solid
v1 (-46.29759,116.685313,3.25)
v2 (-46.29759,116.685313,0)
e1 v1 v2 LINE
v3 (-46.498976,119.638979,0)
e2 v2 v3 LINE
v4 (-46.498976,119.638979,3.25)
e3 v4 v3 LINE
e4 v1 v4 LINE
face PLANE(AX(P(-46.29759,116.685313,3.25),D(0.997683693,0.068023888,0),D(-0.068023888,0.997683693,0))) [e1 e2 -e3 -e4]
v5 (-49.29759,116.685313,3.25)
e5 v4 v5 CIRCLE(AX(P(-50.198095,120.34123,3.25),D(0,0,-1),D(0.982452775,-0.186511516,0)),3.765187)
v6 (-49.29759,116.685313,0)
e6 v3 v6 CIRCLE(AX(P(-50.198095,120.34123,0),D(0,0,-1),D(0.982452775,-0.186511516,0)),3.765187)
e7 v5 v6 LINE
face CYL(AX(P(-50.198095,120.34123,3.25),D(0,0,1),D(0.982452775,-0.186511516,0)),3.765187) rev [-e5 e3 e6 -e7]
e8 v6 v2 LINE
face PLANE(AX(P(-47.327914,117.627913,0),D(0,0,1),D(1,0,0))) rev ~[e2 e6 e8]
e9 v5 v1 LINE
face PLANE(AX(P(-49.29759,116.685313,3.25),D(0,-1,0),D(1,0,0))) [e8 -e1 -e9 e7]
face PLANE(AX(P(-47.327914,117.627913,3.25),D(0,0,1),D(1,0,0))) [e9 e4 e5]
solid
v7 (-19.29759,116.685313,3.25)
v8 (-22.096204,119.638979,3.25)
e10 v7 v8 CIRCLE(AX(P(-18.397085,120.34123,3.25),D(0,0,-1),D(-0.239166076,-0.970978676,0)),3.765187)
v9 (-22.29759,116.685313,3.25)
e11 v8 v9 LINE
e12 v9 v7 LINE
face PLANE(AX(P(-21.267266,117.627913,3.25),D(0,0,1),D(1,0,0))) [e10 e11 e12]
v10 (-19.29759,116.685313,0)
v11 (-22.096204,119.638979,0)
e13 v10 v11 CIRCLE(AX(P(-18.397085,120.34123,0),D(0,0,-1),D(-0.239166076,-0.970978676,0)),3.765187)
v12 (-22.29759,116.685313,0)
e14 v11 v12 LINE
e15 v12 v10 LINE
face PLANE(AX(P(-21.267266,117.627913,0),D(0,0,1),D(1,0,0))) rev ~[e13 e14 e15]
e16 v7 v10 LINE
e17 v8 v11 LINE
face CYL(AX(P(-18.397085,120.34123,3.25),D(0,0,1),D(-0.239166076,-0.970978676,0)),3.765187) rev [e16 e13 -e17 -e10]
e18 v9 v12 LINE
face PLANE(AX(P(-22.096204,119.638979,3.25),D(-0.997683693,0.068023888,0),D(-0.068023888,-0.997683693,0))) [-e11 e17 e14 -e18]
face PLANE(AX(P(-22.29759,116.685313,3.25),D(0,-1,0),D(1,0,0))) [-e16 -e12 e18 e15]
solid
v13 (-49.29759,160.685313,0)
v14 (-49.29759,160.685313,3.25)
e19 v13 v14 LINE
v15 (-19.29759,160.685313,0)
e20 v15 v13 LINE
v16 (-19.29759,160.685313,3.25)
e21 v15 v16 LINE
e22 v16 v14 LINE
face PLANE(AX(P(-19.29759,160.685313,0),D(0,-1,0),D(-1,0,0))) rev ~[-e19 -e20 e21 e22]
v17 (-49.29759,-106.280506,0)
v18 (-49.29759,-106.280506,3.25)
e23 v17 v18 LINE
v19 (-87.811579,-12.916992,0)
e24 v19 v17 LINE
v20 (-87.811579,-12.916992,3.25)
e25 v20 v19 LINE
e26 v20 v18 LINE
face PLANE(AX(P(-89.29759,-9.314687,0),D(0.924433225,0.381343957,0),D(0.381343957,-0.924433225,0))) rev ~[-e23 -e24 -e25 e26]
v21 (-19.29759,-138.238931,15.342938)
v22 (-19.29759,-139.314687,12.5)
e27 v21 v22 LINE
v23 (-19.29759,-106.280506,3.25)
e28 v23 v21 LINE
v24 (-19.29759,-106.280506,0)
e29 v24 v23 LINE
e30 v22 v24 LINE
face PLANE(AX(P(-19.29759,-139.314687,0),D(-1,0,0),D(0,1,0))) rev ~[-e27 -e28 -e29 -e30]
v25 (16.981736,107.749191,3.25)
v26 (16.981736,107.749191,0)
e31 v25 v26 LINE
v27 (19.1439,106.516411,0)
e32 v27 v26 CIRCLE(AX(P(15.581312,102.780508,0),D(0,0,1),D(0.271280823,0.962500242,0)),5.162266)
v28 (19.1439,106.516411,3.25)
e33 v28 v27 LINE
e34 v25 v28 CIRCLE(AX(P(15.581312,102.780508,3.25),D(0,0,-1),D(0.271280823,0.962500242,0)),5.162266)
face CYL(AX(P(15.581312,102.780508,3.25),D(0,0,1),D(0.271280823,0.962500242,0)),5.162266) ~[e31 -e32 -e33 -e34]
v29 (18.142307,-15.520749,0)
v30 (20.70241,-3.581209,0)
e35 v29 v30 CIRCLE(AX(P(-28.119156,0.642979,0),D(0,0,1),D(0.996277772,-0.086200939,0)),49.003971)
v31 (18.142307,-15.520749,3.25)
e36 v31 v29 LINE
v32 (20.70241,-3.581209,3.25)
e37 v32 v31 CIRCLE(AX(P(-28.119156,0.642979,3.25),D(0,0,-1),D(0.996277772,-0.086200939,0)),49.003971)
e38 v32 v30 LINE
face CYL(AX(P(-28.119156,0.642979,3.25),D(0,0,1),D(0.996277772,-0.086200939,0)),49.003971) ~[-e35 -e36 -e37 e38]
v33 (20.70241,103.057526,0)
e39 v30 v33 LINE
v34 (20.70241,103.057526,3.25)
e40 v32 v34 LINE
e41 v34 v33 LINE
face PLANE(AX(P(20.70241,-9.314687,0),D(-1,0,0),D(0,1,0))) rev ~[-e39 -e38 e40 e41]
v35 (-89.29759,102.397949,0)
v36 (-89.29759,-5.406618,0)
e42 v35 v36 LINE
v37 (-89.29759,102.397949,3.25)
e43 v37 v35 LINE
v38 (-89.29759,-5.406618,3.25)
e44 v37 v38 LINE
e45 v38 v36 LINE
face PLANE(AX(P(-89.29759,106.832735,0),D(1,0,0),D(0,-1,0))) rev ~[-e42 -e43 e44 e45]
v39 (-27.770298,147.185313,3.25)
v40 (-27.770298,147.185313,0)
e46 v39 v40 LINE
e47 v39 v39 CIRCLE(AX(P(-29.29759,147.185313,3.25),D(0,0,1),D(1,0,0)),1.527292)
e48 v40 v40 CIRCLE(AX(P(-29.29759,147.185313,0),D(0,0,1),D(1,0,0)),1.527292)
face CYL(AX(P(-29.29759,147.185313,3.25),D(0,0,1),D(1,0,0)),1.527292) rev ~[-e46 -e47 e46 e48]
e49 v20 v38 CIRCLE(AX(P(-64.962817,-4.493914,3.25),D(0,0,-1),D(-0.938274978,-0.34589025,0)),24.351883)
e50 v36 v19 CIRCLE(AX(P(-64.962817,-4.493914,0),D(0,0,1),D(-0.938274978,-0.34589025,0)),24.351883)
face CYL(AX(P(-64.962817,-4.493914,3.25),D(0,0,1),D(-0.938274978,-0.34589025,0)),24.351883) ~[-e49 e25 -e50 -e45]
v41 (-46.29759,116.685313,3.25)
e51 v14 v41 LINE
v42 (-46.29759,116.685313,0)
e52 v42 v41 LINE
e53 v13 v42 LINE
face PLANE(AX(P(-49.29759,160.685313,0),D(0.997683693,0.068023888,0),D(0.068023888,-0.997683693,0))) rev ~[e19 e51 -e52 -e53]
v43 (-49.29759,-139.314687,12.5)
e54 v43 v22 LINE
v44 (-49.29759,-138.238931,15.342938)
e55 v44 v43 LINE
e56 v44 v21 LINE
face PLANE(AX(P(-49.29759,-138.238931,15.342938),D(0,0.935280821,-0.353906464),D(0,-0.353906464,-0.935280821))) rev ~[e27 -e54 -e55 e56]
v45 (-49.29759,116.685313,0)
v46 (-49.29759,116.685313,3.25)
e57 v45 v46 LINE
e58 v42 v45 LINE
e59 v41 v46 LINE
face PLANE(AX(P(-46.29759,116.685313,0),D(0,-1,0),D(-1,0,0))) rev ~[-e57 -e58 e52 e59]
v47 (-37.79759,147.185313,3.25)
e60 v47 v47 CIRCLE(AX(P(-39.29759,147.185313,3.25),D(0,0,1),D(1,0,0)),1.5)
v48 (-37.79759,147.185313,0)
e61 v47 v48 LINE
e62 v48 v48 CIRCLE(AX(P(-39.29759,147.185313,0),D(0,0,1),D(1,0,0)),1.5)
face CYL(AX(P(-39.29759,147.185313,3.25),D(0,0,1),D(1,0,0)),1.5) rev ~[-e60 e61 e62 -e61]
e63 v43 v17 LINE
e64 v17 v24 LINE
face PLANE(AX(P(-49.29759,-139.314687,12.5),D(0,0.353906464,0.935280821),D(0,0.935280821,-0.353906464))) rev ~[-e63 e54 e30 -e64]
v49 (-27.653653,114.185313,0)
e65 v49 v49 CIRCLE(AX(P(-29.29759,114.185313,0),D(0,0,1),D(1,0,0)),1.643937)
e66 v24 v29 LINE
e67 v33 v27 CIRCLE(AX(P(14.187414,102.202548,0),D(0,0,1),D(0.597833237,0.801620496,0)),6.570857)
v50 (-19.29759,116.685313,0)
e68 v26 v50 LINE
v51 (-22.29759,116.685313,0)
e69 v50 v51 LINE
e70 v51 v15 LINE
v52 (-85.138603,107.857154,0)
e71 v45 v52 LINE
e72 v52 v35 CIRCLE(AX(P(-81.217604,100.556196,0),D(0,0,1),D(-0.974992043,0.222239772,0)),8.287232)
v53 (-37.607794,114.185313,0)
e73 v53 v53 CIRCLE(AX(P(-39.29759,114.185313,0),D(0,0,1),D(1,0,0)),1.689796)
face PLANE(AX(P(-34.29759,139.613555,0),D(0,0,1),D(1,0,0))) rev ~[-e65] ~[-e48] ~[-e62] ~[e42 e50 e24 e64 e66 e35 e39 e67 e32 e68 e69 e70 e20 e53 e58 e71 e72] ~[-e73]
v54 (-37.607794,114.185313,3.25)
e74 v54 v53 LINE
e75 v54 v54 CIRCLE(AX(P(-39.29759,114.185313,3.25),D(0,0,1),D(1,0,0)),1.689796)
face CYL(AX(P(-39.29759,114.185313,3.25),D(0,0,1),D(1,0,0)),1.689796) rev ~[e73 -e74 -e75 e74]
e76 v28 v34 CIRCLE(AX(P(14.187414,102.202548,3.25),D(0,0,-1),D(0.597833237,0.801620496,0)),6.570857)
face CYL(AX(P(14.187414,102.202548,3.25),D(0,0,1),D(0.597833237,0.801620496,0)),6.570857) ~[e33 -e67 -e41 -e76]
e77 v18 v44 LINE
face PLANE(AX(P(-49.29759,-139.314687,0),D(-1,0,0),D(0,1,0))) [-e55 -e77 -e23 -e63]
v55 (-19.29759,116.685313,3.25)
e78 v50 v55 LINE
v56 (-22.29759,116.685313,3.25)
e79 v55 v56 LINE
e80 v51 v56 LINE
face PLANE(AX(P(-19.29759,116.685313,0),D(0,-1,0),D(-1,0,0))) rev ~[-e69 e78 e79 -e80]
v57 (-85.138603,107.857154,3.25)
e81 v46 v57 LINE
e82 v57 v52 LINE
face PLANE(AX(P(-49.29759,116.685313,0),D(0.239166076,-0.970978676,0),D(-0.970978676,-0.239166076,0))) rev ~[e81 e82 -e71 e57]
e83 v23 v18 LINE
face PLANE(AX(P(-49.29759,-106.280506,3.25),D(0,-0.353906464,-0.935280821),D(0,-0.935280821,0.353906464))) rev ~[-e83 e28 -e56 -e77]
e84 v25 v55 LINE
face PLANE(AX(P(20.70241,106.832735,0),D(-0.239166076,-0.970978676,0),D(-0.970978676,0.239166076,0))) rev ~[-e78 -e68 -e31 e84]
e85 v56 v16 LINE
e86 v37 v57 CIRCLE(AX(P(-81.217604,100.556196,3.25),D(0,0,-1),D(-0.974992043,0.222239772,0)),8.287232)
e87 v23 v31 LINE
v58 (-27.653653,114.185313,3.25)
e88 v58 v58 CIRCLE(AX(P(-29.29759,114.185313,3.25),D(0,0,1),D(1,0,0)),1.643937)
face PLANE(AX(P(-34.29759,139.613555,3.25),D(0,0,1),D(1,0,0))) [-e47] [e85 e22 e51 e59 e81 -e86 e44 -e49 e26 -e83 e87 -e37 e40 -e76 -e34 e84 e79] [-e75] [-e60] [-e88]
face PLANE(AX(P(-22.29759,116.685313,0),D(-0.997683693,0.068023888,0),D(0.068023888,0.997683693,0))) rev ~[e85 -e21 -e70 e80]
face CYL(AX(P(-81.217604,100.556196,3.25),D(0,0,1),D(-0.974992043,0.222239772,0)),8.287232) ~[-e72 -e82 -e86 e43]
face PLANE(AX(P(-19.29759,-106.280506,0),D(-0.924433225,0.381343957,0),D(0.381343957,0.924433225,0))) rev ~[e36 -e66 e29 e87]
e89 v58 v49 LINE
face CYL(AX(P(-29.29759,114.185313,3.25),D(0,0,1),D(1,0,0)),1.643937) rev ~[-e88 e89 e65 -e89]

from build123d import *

# Parameters (mm, degrees)
F0_W      = 30
F0_H      = 33.0341812223
F1_DEPTH  = 3.25
F2_DEPTH  = 25
F4_DEPTH  = 70
F6_DEPTH  = 25
F8_DEPTH  = 25
F10_DEPTH = 25
F12_DEPTH = 3.25
F13_R     = 1.5272923045
F13_R_2   = 1.5
F13_R_3   = 1.6897959648
F13_R_4   = 1.6439369158
F14_DEPTH = 25


with BuildPart() as f1:
    # F0 (on Top) → F1 (new body)
    with BuildSketch(Plane.XY):
        Polygon((-19.2975898087, 160.6853131205), (-49.2975898087, 160.6853131205), (-46.2975898087, 116.6853131205), (-22.2975898087, 116.6853131205), align=None)
        Polygon((-22.2975898087, 116.6853131205), (-46.2975898087, 116.6853131205), (-49.2975898087, 116.6853131205), (-89.2975898087, 106.8327352405), (-89.2975898087, -9.3146868795), (-49.2975898087, -106.2805056572), (-19.2975898087, -106.2805056572), (20.7024101913, -9.3146868795), (20.7024101913, 106.8327352405), (-19.2975898087, 116.6853131205), align=None)
        with Locations((-34.2975898087, -122.7975962684)):
            Rectangle(F0_W, F0_H)
    extrude(amount=F1_DEPTH)

    # F0 (on Top) → F2 (join)
    with BuildSketch(Plane.XY):
        with Locations((-34.2975898087, -122.7975962684)):
            Rectangle(F0_W, F0_H)
    extrude(amount=F2_DEPTH)

    # F3 (on face) → F4 (cut)
    with BuildSketch(Plane(origin=(-49.2975898087, 0, 0), x_dir=(0, -1, 0), z_dir=(-1, 0, 0))):
        Polygon((106.2805056572, 25), (106.2805056572, 3.25), (138.2389306125, 15.342938198), (139.3146868795, 12.5), (139.3146868795, 25), align=None)
        Polygon((139.3146868795, 12.5), (106.2805056572, 0), (139.3146868795, 0), align=None)
    extrude(amount=-F4_DEPTH, mode=Mode.SUBTRACT)

    # F5 (on face) → F6 (cut)
    with BuildSketch(Plane.XY.offset(3.25)):
        with BuildLine():
            ThreePointArc((20.7024101913, -3.5812088754), (19.7957036809, -9.631032192), (18.1423073419, -15.5207486031))
            Line((18.1423073419, -15.5207486031), (20.7024101913, -9.3146868795))
            Line((20.7024101913, -9.3146868795), (20.7024101913, -3.5812088754))
        make_face()
        with BuildLine():
            ThreePointArc((-87.8115793592, -12.9169923783), (-88.8515785257, -9.2205689181), (-89.2975898087, -5.4066183942))
            Line((-89.2975898087, -5.4066183942), (-89.2975898087, -9.3146868795))
            Line((-89.2975898087, -9.3146868795), (-87.8115793592, -12.9169923783))
        make_face()
    extrude(amount=-F6_DEPTH, mode=Mode.SUBTRACT)

    # F7 (on face) → F8 (cut)
    with BuildSketch(Plane.XY.offset(3.25)):
        with BuildLine():
            Line((-89.2975898087, 106.8327352405), (-89.2975898087, 102.3979485035))
            ThreePointArc((-89.2975898087, 102.3979485035), (-87.8097691882, 105.5783050654), (-85.1386033392, 107.8571536928))
            Line((-85.1386033392, 107.8571536928), (-89.2975898087, 106.8327352405))
        make_face()
        with BuildLine():
            ThreePointArc((18.1156906615, 107.469881631), (19.8559858763, 105.5257173252), (20.7024101913, 103.057526052))
            Line((20.7024101913, 103.057526052), (20.7024101913, 106.8327352405))
            Line((20.7024101913, 106.8327352405), (18.1156906615, 107.469881631))
        make_face()
    extrude(amount=-F8_DEPTH, mode=Mode.SUBTRACT)

    # F9 (on face) → F10 (cut)
    with BuildSketch(Plane.XY.offset(3.25)):
        with BuildLine():
            ThreePointArc((16.9817362441, 107.7491909862), (18.1382259627, 107.2650581653), (19.1438997646, 106.5164105434))
            ThreePointArc((19.1438997646, 106.5164105434), (18.6553024951, 107.0206527624), (18.1156906615, 107.469881631))
            Line((18.1156906615, 107.469881631), (16.9817362441, 107.7491909862))
        make_face()
    extrude(amount=-F10_DEPTH, mode=Mode.SUBTRACT)

    # F13 (on face) → F14 (cut)
    with BuildSketch(Plane.XY.offset(3.25)):
        with Locations((-29.2975898087, 147.1853131205)):
            Circle(F13_R)
        with Locations((-39.2975898087, 147.1853131205)):
            Circle(F13_R_2)
        with Locations((-39.2975898087, 114.1853131205)):
            Circle(F13_R_3)
        with Locations((-29.2975898087, 114.1853131205)):
            Circle(F13_R_4)
    extrude(amount=-F14_DEPTH, mode=Mode.SUBTRACT)


with BuildPart() as f12:
    # F11 (on face) → F12 (new body)
    with BuildSketch(Plane.XY.offset(3.25)):
        with BuildLine():
            ThreePointArc((-46.4989761162, 119.6389789632), (-47.464933648, 117.7515453207), (-49.2975898087, 116.6853131205))
            Line((-49.2975898087, 116.6853131205), (-46.2975898087, 116.6853131205))
            Line((-46.2975898087, 116.6853131205), (-46.4989761162, 119.6389789632))
        make_face()
    extrude(amount=-F12_DEPTH)


with BuildPart() as f12b:
    # F11 (on face) → F12, piece 2 (new body)
    with BuildSketch(Plane.XY.offset(3.25)):
        with BuildLine():
            ThreePointArc((-19.2975898087, 116.6853131205), (-21.1302459694, 117.7515453207), (-22.0962035012, 119.6389789632))
            Line((-22.0962035012, 119.6389789632), (-22.2975898087, 116.6853131205))
            Line((-22.2975898087, 116.6853131205), (-19.2975898087, 116.6853131205))
        make_face()
    extrude(amount=-F12_DEPTH)


solid = Compound([f1.part, f12.part, f12b.part])
